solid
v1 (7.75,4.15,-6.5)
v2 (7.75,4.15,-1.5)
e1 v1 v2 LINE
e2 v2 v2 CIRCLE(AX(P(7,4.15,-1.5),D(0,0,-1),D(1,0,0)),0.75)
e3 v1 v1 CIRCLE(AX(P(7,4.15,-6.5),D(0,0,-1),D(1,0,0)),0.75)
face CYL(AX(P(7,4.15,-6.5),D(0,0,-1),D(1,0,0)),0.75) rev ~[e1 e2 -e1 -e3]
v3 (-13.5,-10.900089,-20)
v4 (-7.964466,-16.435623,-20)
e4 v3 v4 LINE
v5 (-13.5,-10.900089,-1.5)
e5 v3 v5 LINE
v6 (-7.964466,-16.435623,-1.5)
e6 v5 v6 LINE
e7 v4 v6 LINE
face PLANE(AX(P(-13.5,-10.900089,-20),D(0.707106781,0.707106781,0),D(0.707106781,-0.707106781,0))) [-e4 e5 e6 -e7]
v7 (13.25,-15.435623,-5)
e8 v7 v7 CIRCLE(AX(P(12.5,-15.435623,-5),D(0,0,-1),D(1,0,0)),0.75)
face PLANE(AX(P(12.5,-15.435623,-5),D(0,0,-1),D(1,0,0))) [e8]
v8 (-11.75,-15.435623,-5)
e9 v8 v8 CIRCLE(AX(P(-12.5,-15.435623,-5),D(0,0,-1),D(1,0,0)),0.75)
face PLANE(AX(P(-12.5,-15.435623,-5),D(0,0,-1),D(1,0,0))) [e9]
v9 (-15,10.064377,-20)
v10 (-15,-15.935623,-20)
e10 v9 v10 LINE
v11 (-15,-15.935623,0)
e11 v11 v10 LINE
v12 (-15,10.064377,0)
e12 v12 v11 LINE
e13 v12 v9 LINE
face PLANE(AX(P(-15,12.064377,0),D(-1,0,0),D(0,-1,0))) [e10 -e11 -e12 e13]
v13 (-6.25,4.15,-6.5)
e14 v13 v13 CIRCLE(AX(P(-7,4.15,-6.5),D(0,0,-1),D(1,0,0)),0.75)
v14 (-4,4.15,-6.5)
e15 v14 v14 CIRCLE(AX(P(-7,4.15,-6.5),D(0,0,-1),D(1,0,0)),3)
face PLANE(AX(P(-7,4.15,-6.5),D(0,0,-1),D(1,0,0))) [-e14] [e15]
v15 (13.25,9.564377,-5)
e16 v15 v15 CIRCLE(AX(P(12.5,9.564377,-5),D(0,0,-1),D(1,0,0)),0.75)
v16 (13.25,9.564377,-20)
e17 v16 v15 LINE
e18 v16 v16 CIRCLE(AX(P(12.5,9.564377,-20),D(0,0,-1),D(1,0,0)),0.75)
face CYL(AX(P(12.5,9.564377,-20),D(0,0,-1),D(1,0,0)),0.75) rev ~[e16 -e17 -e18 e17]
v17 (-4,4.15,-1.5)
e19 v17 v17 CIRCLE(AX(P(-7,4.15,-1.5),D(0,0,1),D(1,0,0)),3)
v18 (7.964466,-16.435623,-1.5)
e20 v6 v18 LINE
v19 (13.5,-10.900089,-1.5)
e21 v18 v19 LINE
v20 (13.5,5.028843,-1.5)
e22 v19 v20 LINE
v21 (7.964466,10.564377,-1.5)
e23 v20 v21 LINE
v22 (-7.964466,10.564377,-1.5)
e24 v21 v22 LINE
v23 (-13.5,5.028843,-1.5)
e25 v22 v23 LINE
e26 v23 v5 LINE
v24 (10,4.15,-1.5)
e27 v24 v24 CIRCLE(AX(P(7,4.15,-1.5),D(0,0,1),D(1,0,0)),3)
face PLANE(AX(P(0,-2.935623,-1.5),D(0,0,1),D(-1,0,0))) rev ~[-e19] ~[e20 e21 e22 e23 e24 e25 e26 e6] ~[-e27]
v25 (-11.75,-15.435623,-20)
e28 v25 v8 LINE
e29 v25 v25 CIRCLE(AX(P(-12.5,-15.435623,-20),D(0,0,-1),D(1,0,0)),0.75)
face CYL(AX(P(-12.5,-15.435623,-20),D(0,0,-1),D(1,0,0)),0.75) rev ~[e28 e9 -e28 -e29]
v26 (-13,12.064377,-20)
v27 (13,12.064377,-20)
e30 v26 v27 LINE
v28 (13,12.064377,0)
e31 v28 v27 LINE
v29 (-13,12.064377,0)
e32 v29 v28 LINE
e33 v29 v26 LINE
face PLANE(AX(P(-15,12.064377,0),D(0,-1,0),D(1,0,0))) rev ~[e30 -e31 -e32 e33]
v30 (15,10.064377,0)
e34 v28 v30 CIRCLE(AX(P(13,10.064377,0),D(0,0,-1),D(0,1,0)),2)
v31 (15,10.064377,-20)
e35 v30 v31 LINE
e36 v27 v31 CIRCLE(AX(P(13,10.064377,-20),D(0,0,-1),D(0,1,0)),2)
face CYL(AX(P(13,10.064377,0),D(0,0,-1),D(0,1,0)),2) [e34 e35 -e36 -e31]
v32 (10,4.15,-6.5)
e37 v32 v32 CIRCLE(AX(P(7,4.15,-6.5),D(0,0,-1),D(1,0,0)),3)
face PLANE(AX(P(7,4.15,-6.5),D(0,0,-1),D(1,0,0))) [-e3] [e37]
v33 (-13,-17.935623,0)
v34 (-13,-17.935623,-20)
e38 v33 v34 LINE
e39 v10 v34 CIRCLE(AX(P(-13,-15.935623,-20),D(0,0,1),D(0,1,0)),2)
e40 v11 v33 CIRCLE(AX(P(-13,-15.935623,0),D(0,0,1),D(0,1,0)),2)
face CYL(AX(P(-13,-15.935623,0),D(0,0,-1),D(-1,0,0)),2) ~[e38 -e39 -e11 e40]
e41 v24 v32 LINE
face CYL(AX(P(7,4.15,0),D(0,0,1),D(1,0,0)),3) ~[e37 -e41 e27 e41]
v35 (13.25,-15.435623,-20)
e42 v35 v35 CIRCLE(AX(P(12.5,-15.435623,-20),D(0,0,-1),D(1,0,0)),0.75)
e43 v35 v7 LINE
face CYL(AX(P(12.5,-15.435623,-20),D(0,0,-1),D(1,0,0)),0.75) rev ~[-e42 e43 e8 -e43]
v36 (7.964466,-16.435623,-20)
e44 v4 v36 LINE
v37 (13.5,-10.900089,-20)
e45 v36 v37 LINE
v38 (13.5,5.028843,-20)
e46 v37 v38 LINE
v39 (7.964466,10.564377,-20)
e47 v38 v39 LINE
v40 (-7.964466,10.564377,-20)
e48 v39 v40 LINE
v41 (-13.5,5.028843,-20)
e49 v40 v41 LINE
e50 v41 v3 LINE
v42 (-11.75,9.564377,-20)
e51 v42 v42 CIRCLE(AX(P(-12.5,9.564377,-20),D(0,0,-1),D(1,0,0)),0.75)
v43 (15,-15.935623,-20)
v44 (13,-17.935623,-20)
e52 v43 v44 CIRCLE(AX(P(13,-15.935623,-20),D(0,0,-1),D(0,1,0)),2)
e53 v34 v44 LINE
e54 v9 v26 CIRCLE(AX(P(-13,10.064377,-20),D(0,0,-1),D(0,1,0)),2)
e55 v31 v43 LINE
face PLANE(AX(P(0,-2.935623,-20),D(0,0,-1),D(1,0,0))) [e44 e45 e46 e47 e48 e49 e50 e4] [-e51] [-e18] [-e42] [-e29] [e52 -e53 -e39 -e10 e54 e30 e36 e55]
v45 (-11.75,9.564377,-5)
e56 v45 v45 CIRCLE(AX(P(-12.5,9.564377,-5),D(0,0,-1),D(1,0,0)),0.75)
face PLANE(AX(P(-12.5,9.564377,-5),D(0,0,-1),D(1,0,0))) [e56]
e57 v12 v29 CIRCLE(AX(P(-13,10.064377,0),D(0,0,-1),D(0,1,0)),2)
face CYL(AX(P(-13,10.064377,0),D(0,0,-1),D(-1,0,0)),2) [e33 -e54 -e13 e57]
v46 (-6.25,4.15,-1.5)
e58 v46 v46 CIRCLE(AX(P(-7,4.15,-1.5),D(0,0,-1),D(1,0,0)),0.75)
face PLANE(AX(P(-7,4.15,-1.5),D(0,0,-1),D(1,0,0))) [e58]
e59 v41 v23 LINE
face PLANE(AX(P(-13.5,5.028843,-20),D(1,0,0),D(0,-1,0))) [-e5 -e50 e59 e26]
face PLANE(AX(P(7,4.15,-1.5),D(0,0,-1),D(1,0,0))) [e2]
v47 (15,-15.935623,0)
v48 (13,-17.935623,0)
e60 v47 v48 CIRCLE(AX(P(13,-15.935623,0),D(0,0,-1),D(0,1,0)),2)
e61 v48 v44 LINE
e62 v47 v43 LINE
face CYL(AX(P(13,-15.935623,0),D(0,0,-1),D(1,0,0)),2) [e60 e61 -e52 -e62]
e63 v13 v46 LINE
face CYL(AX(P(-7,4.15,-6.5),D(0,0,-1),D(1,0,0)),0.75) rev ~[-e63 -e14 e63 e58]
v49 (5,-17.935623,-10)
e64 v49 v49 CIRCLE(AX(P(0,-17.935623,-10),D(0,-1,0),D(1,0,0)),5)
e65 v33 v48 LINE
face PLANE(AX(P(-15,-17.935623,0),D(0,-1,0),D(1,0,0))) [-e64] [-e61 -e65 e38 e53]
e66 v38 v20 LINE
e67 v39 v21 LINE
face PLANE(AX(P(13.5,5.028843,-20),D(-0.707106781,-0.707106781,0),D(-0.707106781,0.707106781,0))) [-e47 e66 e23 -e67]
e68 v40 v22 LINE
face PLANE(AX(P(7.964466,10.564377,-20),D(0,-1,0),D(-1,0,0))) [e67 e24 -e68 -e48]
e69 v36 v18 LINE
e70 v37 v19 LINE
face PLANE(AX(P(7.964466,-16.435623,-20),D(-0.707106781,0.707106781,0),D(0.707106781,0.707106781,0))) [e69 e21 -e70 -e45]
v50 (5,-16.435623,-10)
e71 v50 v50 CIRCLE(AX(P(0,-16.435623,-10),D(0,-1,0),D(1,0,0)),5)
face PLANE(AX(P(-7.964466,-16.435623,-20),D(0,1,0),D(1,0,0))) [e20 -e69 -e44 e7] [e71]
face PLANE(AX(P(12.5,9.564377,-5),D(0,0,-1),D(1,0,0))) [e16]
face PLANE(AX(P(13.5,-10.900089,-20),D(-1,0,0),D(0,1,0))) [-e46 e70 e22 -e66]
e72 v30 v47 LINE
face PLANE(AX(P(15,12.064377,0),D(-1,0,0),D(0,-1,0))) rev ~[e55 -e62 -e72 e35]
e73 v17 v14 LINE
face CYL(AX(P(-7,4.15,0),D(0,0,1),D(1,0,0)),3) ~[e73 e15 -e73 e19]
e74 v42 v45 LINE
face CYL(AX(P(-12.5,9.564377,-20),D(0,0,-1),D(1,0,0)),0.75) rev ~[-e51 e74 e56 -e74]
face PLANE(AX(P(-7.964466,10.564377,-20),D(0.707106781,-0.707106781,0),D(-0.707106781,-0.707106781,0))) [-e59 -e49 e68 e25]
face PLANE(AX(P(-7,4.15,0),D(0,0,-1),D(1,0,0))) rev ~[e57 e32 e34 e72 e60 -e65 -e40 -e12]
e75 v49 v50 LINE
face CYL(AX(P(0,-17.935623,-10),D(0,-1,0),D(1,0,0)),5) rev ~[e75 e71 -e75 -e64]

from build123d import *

# Parameters (mm, degrees)
SKETCH014_W     = 30
SKETCH014_H     = 30
PAD008_DEPTH    = 20
POCKET006_DEPTH = 18.5
SKETCH016_R     = 3
PAD009_DEPTH    = 6.5
SKETCH017_R     = 0.75
POCKET007_DEPTH = 5
SKETCH018_R     = 0.75
POCKET008_DEPTH = 15
SKETCH021_R     = 5
POCKET009_DEPTH = 5
FILLET001_R     = 2


with BuildPart() as part:
    # Sketch014 (on Face1 of ReferencePocket001) → Pad008 (new body)
    with BuildSketch(Plane(origin=(0, 0, 0), x_dir=(1, 0, 0), z_dir=(0, 0, -1))):
        with Locations((0, 2.9356231958)):
            Rectangle(SKETCH014_W, SKETCH014_H)
    extrude(amount=PAD008_DEPTH)

    # Sketch015 (on Face6 of Pad008) → Pocket006 (cut)
    with BuildSketch(Plane(origin=(0, 0, -20), x_dir=(1, 0, 0), z_dir=(0, 0, -1))):
        Polygon((-13.5, -5.0288428982), (-13.5, 10.9000892899), (-7.9644660941, 16.4356231958), (7.9644660941, 16.4356231958), (13.5, 10.9000892899), (13.5, -5.0288428982), (7.9644660941, -10.5643768042), (-7.9644660941, -10.5643768042), align=None)
    extrude(amount=-POCKET006_DEPTH, mode=Mode.SUBTRACT)

    # Sketch016 (on Face1 of ReferencePocket001) → Pad009 (join)
    with BuildSketch(Plane(origin=(0, 0, 0), x_dir=(1, 0, 0), z_dir=(0, 0, -1))):
        with Locations((-7, -4.15)):
            Circle(SKETCH016_R)
        with Locations((7, -4.15)):
            Circle(SKETCH016_R)
    extrude(amount=PAD009_DEPTH)

    # Sketch017 (on Face20 of Pad009) → Pocket007 (cut)
    with BuildSketch(Plane(origin=(0, 0, -6.5), x_dir=(1, 0, 0), z_dir=(0, 0, -1))):
        with Locations((-7, -4.15)):
            Circle(SKETCH017_R)
        with Locations((7, -4.15)):
            Circle(SKETCH017_R)
    extrude(amount=-POCKET007_DEPTH, mode=Mode.SUBTRACT)

    # Sketch018 (on Face5 of Pocket007) → Pocket008 (cut)
    with BuildSketch(Plane(origin=(0, 0, -20), x_dir=(1, 0, 0), z_dir=(0, 0, -1))):
        with Locations((-12.5, 15.4356231958)):
            Circle(SKETCH018_R)
        with Locations((12.5, 15.4356231958)):
            Circle(SKETCH018_R)
        with Locations((12.5, -9.5643768042)):
            Circle(SKETCH018_R)
        with Locations((-12.5, -9.5643768042)):
            Circle(SKETCH018_R)
    extrude(amount=-POCKET008_DEPTH, mode=Mode.SUBTRACT)

    # Sketch021 (on Face1 of Pocket008) → Pocket009 (cut)
    with BuildSketch(Plane.XZ.offset(17.9356231958)):
        with Locations((0, -10)):
            Circle(SKETCH021_R)
    extrude(amount=-POCKET009_DEPTH, mode=Mode.SUBTRACT)

    # Fillet001
    fillet001_edges = [part.edges().sort_by_distance(p)[0] for p in [
        (15, -17.935623, -10),
        (15, 12.064377, -10),
        (-15, -17.935623, -10),
        (-15, 12.064377, -10),
    ]]
    fillet(fillet001_edges, radius=FILLET001_R)


solid = part.part
